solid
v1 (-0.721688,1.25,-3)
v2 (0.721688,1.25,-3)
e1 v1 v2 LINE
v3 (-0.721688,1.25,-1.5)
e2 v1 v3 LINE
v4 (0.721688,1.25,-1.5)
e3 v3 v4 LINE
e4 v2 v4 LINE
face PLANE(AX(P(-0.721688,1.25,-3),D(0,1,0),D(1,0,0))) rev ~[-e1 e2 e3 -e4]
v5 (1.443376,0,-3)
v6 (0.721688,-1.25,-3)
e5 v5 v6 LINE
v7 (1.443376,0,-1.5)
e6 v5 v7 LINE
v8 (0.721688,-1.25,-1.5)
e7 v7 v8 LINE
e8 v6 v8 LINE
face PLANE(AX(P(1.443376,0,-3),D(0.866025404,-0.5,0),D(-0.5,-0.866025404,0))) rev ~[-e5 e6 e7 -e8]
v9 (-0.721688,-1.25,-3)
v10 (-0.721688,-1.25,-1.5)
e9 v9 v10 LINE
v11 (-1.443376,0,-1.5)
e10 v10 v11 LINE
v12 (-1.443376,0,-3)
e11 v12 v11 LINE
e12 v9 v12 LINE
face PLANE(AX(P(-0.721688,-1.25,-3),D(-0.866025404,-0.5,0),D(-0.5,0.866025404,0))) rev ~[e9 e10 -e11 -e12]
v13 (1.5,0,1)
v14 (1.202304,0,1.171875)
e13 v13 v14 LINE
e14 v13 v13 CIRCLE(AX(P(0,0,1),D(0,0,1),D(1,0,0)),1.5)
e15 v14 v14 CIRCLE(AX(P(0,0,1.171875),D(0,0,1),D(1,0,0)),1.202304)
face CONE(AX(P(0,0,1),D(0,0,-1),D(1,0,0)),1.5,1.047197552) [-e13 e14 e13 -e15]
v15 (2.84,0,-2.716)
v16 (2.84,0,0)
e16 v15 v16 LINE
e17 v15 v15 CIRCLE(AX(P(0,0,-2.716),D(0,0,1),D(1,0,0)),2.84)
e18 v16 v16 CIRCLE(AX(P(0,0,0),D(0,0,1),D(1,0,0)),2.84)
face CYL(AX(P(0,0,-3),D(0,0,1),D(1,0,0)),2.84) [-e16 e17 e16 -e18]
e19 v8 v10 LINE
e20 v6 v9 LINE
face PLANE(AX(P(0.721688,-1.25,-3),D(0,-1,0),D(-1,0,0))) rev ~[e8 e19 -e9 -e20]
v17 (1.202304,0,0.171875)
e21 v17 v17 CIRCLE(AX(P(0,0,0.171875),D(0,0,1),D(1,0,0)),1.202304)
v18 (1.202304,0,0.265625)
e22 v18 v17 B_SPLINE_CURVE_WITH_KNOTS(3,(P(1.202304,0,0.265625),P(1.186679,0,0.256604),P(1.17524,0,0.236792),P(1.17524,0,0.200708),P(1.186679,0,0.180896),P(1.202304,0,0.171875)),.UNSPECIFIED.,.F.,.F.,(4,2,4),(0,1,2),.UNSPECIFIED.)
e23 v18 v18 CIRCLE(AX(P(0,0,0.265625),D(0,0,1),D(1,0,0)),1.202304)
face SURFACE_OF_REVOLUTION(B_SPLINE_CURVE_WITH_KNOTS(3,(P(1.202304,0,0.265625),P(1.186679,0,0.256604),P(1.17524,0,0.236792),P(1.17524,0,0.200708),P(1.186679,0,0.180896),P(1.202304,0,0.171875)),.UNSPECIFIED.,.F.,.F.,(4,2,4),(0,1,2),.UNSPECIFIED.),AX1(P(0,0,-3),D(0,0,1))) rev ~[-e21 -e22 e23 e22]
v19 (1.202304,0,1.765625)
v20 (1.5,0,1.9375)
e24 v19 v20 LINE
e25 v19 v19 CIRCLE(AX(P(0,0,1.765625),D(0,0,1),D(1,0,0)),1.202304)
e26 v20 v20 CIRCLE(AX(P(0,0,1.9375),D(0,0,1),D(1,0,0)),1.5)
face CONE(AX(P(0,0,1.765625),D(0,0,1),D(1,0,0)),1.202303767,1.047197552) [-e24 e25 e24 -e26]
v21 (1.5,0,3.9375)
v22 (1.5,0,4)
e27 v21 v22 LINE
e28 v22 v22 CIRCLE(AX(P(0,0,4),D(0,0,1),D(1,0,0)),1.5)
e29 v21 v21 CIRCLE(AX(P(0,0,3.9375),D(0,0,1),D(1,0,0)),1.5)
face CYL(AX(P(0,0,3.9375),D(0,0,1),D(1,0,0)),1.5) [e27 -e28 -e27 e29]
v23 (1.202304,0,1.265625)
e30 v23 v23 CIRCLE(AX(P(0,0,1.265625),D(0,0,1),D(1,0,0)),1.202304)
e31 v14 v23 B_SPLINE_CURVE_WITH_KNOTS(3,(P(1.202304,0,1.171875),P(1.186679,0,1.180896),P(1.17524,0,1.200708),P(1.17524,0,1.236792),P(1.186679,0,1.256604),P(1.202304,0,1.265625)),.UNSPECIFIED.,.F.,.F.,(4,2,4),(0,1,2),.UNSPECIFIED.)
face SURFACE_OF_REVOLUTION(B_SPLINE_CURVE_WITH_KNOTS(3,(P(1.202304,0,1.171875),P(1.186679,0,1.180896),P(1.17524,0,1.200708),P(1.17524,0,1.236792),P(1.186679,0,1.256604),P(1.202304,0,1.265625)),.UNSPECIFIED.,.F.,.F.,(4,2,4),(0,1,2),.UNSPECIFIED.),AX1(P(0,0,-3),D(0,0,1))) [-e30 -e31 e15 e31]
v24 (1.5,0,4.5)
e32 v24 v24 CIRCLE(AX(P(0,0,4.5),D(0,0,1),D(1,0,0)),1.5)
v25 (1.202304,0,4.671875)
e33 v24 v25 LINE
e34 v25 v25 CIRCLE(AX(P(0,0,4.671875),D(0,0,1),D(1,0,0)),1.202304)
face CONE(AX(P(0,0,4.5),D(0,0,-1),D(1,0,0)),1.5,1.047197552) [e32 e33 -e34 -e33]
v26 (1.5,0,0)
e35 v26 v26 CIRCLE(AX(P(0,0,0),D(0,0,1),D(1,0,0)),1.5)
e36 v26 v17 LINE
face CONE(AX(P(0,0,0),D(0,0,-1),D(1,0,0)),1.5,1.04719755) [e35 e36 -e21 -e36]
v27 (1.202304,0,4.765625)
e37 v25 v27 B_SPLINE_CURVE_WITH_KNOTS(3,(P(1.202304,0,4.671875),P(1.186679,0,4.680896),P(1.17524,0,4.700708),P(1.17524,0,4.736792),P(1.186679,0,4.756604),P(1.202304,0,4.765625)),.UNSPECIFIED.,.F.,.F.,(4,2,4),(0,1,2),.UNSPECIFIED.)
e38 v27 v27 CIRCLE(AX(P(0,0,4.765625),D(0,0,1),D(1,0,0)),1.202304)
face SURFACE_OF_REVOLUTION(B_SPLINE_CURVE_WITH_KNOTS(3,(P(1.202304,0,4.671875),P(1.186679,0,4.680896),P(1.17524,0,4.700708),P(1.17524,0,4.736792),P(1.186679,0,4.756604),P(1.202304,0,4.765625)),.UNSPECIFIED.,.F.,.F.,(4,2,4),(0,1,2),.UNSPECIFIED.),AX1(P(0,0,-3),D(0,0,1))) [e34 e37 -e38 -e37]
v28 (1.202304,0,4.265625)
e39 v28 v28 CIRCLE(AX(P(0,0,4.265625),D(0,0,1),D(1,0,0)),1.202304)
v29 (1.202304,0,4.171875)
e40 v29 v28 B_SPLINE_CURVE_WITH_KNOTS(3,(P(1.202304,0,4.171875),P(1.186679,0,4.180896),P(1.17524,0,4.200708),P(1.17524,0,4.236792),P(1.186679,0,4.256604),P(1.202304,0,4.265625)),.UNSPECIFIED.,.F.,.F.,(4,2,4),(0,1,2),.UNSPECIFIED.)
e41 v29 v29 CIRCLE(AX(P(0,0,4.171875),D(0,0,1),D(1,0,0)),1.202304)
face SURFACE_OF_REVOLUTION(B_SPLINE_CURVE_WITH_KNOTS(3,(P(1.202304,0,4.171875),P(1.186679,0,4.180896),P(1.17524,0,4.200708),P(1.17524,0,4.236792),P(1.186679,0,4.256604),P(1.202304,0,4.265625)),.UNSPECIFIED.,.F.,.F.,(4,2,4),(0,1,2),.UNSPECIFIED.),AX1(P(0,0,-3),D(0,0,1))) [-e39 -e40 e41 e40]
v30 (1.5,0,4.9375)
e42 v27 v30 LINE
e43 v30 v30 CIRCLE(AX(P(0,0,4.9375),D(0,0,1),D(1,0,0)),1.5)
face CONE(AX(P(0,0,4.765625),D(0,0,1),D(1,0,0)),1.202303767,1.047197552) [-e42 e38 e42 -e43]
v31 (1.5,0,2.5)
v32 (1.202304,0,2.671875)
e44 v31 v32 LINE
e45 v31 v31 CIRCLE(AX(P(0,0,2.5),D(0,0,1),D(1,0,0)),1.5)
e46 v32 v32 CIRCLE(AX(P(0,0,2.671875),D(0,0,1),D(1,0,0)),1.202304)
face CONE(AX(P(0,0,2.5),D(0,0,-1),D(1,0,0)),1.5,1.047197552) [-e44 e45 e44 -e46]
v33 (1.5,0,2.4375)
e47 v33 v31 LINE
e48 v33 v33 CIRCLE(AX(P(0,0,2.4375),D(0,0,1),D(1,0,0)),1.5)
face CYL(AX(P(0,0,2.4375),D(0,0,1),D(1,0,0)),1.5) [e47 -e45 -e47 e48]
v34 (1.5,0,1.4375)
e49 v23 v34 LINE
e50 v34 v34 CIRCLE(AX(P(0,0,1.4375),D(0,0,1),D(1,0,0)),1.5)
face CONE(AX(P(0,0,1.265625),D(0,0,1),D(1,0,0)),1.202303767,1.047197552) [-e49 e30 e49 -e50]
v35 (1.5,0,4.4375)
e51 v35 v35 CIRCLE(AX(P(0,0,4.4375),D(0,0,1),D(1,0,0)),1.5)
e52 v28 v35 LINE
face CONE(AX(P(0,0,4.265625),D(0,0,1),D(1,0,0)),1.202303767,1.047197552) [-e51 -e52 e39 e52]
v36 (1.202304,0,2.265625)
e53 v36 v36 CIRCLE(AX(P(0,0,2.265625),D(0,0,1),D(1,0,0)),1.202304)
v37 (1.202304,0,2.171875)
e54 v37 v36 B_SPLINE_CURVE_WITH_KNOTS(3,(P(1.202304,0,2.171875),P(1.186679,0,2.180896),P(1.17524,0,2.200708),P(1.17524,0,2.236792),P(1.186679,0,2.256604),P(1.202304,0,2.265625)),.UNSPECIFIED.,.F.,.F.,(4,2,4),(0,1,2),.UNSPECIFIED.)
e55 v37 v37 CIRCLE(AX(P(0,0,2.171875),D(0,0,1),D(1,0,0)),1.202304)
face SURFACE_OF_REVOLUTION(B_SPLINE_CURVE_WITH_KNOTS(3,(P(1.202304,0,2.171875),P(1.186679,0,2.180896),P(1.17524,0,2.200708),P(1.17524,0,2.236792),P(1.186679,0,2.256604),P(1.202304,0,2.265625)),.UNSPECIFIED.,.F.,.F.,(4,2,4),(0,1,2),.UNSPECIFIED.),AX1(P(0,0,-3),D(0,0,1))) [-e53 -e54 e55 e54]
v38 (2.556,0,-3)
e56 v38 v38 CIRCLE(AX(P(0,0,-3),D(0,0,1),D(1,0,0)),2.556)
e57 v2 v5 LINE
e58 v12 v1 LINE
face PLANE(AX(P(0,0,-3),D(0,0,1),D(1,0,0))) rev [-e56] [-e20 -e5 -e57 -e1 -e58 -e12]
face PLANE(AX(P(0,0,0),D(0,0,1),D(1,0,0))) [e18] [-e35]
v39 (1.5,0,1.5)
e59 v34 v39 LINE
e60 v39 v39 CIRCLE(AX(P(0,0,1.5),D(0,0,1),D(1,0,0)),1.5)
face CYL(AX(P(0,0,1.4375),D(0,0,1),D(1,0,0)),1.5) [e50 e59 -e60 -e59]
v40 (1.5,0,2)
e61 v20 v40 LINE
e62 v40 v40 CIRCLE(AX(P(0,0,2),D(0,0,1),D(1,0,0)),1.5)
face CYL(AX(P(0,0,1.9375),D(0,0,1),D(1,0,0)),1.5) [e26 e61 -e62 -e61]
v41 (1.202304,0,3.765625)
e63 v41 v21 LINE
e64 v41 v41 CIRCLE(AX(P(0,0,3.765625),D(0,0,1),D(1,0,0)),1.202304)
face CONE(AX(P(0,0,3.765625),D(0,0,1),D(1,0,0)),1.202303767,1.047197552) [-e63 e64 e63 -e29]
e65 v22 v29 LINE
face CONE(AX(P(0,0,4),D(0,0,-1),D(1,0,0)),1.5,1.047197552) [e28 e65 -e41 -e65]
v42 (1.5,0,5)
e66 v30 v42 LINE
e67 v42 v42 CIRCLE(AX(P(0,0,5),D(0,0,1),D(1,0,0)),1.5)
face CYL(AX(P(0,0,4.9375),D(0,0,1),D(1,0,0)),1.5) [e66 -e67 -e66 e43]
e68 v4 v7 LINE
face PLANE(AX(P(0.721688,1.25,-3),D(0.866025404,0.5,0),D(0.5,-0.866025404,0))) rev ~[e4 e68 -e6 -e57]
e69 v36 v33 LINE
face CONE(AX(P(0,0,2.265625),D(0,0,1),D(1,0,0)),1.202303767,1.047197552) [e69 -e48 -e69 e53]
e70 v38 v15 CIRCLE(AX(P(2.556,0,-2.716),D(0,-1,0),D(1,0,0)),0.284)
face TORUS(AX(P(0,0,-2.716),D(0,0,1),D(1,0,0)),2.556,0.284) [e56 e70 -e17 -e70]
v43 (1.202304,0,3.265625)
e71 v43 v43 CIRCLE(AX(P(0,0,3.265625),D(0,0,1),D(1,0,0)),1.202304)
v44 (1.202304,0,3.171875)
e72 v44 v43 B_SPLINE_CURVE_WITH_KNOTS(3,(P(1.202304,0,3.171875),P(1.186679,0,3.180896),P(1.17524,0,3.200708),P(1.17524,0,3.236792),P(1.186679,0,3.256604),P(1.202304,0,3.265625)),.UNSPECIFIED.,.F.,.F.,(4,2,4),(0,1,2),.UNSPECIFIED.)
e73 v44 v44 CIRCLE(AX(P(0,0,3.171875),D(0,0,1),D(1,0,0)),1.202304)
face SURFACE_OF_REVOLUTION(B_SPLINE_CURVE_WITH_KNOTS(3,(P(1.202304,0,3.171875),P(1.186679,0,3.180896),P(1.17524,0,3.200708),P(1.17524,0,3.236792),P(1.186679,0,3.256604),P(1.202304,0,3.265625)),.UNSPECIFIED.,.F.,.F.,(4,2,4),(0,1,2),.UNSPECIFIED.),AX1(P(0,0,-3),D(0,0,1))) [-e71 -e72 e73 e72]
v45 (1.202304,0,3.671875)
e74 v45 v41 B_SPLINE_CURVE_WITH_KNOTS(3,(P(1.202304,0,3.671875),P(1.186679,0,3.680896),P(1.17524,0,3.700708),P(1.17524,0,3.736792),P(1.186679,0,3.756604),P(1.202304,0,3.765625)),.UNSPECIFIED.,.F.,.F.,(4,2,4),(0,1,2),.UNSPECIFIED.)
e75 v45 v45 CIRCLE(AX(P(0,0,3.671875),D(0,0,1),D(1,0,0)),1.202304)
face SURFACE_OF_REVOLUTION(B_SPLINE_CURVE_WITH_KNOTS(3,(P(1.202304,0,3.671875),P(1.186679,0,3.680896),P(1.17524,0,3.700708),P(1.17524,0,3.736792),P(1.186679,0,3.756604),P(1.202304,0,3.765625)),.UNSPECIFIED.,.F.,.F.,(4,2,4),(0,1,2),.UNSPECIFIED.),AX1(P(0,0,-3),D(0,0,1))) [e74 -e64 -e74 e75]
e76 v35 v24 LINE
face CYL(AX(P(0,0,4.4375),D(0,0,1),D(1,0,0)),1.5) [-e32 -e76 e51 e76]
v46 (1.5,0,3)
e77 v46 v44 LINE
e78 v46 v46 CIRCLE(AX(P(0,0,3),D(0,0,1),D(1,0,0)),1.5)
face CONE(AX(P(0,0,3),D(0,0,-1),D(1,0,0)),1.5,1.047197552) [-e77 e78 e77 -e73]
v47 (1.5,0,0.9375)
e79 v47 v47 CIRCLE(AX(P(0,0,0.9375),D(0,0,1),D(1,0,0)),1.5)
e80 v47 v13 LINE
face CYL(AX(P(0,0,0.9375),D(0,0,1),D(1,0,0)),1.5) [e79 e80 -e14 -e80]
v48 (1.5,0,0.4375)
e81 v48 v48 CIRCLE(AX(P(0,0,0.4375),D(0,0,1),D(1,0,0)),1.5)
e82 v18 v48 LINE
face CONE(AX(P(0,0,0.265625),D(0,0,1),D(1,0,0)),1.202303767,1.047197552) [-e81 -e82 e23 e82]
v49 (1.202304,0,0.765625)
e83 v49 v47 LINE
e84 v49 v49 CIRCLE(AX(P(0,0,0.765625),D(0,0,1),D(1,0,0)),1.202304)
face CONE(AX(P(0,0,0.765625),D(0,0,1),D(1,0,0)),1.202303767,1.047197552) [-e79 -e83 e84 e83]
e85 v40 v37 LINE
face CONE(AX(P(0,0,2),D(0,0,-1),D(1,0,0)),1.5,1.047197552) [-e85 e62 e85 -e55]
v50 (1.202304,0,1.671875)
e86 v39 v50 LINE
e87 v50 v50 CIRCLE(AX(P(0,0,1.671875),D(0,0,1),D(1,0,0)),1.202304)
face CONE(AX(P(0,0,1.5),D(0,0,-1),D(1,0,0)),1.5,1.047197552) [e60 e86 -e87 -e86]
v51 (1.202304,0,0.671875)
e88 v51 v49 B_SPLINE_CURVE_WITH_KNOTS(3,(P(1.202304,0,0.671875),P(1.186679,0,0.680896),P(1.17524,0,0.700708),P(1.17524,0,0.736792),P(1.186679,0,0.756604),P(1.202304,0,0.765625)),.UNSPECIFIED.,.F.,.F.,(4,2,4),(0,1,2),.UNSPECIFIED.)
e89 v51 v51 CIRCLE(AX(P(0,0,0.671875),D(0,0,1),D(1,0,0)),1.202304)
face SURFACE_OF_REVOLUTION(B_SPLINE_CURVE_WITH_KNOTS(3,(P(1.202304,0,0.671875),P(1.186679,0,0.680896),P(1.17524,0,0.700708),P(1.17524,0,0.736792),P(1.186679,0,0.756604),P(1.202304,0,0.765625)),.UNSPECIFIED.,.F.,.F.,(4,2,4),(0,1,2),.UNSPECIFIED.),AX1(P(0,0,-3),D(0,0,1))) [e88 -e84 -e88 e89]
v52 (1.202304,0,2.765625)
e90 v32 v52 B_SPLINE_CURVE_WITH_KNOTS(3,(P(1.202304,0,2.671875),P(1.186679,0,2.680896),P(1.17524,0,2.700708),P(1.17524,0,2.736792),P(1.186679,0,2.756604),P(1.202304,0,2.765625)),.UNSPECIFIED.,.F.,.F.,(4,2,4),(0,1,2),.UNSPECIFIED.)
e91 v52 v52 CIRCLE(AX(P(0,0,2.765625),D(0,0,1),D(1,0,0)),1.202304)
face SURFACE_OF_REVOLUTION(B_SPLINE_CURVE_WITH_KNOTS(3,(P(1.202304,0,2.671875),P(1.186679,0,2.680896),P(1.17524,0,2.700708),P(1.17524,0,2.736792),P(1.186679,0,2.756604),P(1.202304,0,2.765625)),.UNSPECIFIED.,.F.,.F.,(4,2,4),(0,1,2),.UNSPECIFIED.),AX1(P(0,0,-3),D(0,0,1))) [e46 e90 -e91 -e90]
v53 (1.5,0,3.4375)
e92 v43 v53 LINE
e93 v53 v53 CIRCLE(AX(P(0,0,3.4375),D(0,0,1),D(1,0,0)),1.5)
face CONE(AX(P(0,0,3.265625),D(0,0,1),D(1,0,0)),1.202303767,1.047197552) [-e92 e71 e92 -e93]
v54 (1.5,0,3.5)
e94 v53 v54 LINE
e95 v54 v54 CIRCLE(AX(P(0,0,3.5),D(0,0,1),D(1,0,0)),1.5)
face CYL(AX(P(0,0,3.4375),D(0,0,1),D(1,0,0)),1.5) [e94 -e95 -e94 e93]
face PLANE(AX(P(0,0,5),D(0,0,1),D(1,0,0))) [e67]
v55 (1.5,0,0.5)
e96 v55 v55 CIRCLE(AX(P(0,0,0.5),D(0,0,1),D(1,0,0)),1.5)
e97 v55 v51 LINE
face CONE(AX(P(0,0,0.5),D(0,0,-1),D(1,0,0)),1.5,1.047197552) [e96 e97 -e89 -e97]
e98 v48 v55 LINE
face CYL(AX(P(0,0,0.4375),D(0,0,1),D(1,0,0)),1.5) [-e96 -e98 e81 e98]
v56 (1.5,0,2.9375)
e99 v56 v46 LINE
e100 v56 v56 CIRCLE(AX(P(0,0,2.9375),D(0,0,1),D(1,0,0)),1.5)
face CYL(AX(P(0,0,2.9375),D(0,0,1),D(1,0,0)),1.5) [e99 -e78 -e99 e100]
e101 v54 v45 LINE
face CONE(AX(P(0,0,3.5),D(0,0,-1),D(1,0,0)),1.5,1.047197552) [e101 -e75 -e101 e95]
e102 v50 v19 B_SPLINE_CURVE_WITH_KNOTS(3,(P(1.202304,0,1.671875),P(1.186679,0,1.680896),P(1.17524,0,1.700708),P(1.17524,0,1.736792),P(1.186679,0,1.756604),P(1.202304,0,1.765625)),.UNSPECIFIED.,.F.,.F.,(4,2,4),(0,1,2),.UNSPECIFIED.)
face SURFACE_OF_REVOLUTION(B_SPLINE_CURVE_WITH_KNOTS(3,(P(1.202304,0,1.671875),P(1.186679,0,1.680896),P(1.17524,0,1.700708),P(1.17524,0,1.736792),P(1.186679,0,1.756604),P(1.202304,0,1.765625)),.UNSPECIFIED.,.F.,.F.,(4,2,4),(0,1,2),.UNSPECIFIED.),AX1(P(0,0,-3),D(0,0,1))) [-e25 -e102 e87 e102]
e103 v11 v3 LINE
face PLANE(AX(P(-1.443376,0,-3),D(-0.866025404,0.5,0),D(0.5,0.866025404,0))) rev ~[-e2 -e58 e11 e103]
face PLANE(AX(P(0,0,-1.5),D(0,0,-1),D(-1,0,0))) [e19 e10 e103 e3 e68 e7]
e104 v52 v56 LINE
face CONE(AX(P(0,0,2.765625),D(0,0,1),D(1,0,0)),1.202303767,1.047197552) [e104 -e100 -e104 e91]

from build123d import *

# Parameters (mm, degrees)
CUT_EXTRUDE1_DEPTH = 1.5
FILLET1_R          = 0.284


with BuildPart() as part:
    # Sketch1 → Revolve1 (revolve)
    with BuildSketch(Plane.XZ):
        with BuildLine():
            Line((0, -3.000000001), (2.84, -3.000000001))
            Line((2.84, -3.000000001), (2.84, 0))
            Line((2.84, 0), (1.5, 0))
            Line((1.5, 0), (1.202303768, 0.171875))
            add(Edge.make_bspline(
                [(1.175240473, 0.21875), (1.175240473, 0.200707804), (1.186678768, 0.180896098), (1.202303768, 0.171875)],
                knots=[0, 0, 0, 0, 1, 1, 1, 1], degree=3))
            add(Edge.make_bspline(
                [(1.202303767, 0.265625), (1.186678767, 0.256603902), (1.175240473, 0.236792196), (1.175240473, 0.21875)],
                knots=[0, 0, 0, 0, 1, 1, 1, 1], degree=3))
            Line((1.202303767, 0.265625), (1.5, 0.4375))
            Line((1.5, 0.4375), (1.5, 0.5))
            Line((1.5, 0.5), (1.202303767, 0.671875))
            add(Edge.make_bspline(
                [(1.202303767, 0.671875), (1.186678767, 0.680896098), (1.175240473, 0.700707804), (1.175240473, 0.71875)],
                knots=[0, 0, 0, 0, 1, 1, 1, 1], degree=3))
            add(Edge.make_bspline(
                [(1.175240473, 0.71875), (1.175240473, 0.736792196), (1.186678767, 0.756603902), (1.202303767, 0.765625)],
                knots=[0, 0, 0, 0, 1, 1, 1, 1], degree=3))
            Line((1.202303767, 0.765625), (1.5, 0.9375))
            Line((1.5, 0.9375), (1.5, 1))
            Line((1.5, 1), (1.202303767, 1.171875))
            add(Edge.make_bspline(
                [(1.202303767, 1.171875), (1.186678767, 1.180896098), (1.175240473, 1.200707804), (1.175240473, 1.21875)],
                knots=[0, 0, 0, 0, 1, 1, 1, 1], degree=3))
            add(Edge.make_bspline(
                [(1.175240473, 1.21875), (1.175240473, 1.236792196), (1.186678767, 1.256603902), (1.202303767, 1.265625)],
                knots=[0, 0, 0, 0, 1, 1, 1, 1], degree=3))
            Line((1.202303767, 1.265625), (1.5, 1.4375))
            Line((1.5, 1.4375), (1.5, 1.5))
            Line((1.5, 1.5), (1.202303767, 1.671875))
            add(Edge.make_bspline(
                [(1.202303767, 1.671875), (1.186678767, 1.680896098), (1.175240473, 1.700707804), (1.175240473, 1.71875)],
                knots=[0, 0, 0, 0, 1, 1, 1, 1], degree=3))
            add(Edge.make_bspline(
                [(1.175240473, 1.71875), (1.175240473, 1.736792196), (1.186678767, 1.756603902), (1.202303767, 1.765625)],
                knots=[0, 0, 0, 0, 1, 1, 1, 1], degree=3))
            Line((1.202303767, 1.765625), (1.5, 1.9375))
            Line((1.5, 1.9375), (1.5, 2))
            Line((1.5, 2), (1.202303767, 2.171875))
            add(Edge.make_bspline(
                [(1.202303767, 2.171875), (1.186678767, 2.180896098), (1.175240473, 2.200707804), (1.175240473, 2.21875)],
                knots=[0, 0, 0, 0, 1, 1, 1, 1], degree=3))
            add(Edge.make_bspline(
                [(1.175240473, 2.21875), (1.175240473, 2.236792196), (1.186678767, 2.256603902), (1.202303767, 2.265625)],
                knots=[0, 0, 0, 0, 1, 1, 1, 1], degree=3))
            Line((1.202303767, 2.265625), (1.5, 2.4375))
            Line((1.5, 2.4375), (1.5, 2.5))
            Line((1.5, 2.5), (1.202303767, 2.671875))
            add(Edge.make_bspline(
                [(1.202303767, 2.671875), (1.186678767, 2.680896098), (1.175240473, 2.700707804), (1.175240473, 2.71875)],
                knots=[0, 0, 0, 0, 1, 1, 1, 1], degree=3))
            add(Edge.make_bspline(
                [(1.175240473, 2.71875), (1.175240473, 2.736792196), (1.186678767, 2.756603902), (1.202303767, 2.765625)],
                knots=[0, 0, 0, 0, 1, 1, 1, 1], degree=3))
            Line((1.202303767, 2.765625), (1.5, 2.9375))
            Line((1.5, 2.9375), (1.5, 3))
            Line((1.5, 3), (1.202303767, 3.171875))
            add(Edge.make_bspline(
                [(1.202303767, 3.171875), (1.186678767, 3.180896098), (1.175240473, 3.200707804), (1.175240473, 3.21875)],
                knots=[0, 0, 0, 0, 1, 1, 1, 1], degree=3))
            add(Edge.make_bspline(
                [(1.175240473, 3.21875), (1.175240473, 3.236792196), (1.186678767, 3.256603902), (1.202303767, 3.265625)],
                knots=[0, 0, 0, 0, 1, 1, 1, 1], degree=3))
            Line((1.202303767, 3.265625), (1.5, 3.4375))
            Line((1.5, 3.4375), (1.5, 3.5))
            Line((1.5, 3.5), (1.202303767, 3.671875))
            add(Edge.make_bspline(
                [(1.202303767, 3.671875), (1.186678767, 3.680896098), (1.175240473, 3.700707804), (1.175240473, 3.71875)],
                knots=[0, 0, 0, 0, 1, 1, 1, 1], degree=3))
            add(Edge.make_bspline(
                [(1.175240473, 3.71875), (1.175240473, 3.736792196), (1.186678767, 3.756603902), (1.202303767, 3.765625)],
                knots=[0, 0, 0, 0, 1, 1, 1, 1], degree=3))
            Line((1.202303767, 3.765625), (1.5, 3.9375))
            Line((1.5, 3.9375), (1.5, 4))
            Line((1.5, 4), (1.202303767, 4.171875))
            add(Edge.make_bspline(
                [(1.202303767, 4.171875), (1.186678767, 4.180896098), (1.175240473, 4.200707804), (1.175240473, 4.21875)],
                knots=[0, 0, 0, 0, 1, 1, 1, 1], degree=3))
            add(Edge.make_bspline(
                [(1.175240473, 4.21875), (1.175240473, 4.236792196), (1.186678767, 4.256603902), (1.202303767, 4.265625)],
                knots=[0, 0, 0, 0, 1, 1, 1, 1], degree=3))
            Line((1.202303767, 4.265625), (1.5, 4.4375))
            Line((1.5, 4.4375), (1.5, 4.5))
            Line((1.5, 4.5), (1.202303767, 4.671875))
            add(Edge.make_bspline(
                [(1.202303767, 4.671875), (1.186678767, 4.680896098), (1.175240473, 4.700707804), (1.175240473, 4.71875)],
                knots=[0, 0, 0, 0, 1, 1, 1, 1], degree=3))
            add(Edge.make_bspline(
                [(1.175240473, 4.71875), (1.175240473, 4.736792196), (1.186678767, 4.756603902), (1.202303767, 4.765625)],
                knots=[0, 0, 0, 0, 1, 1, 1, 1], degree=3))
            Line((1.202303767, 4.765625), (1.5, 4.9375))
            Line((1.5, 4.9375), (1.5, 4.999999999))
            Line((1.5, 4.999999999), (0, 4.999999999))
            Line((0, 4.999999999), (0, -3.000000001))
        make_face()
    revolve(axis=Axis((0, 0, -3.000000001), (0, 0, 1)))

    # Sketch2 → Cut-Extrude1 (cut)
    with BuildSketch(Plane(origin=(0, 0, -3.000000001), x_dir=(-1, 0, 0), z_dir=(0, 0, -1))):
        Polygon((-1.443375673, 0), (-0.721687837, -1.25), (0.721687836, -1.25), (1.443375672, 0), (0.721687836, 1.25), (-0.721687837, 1.25), align=None)
    extrude(amount=-CUT_EXTRUDE1_DEPTH, mode=Mode.SUBTRACT)

    # Fillet1
    fillet1_edges = [part.edges().sort_by_distance(p)[0] for p in [
        (-2.84, 0, -3.000000001),
    ]]
    fillet(fillet1_edges, radius=FILLET1_R)


solid = part.part
